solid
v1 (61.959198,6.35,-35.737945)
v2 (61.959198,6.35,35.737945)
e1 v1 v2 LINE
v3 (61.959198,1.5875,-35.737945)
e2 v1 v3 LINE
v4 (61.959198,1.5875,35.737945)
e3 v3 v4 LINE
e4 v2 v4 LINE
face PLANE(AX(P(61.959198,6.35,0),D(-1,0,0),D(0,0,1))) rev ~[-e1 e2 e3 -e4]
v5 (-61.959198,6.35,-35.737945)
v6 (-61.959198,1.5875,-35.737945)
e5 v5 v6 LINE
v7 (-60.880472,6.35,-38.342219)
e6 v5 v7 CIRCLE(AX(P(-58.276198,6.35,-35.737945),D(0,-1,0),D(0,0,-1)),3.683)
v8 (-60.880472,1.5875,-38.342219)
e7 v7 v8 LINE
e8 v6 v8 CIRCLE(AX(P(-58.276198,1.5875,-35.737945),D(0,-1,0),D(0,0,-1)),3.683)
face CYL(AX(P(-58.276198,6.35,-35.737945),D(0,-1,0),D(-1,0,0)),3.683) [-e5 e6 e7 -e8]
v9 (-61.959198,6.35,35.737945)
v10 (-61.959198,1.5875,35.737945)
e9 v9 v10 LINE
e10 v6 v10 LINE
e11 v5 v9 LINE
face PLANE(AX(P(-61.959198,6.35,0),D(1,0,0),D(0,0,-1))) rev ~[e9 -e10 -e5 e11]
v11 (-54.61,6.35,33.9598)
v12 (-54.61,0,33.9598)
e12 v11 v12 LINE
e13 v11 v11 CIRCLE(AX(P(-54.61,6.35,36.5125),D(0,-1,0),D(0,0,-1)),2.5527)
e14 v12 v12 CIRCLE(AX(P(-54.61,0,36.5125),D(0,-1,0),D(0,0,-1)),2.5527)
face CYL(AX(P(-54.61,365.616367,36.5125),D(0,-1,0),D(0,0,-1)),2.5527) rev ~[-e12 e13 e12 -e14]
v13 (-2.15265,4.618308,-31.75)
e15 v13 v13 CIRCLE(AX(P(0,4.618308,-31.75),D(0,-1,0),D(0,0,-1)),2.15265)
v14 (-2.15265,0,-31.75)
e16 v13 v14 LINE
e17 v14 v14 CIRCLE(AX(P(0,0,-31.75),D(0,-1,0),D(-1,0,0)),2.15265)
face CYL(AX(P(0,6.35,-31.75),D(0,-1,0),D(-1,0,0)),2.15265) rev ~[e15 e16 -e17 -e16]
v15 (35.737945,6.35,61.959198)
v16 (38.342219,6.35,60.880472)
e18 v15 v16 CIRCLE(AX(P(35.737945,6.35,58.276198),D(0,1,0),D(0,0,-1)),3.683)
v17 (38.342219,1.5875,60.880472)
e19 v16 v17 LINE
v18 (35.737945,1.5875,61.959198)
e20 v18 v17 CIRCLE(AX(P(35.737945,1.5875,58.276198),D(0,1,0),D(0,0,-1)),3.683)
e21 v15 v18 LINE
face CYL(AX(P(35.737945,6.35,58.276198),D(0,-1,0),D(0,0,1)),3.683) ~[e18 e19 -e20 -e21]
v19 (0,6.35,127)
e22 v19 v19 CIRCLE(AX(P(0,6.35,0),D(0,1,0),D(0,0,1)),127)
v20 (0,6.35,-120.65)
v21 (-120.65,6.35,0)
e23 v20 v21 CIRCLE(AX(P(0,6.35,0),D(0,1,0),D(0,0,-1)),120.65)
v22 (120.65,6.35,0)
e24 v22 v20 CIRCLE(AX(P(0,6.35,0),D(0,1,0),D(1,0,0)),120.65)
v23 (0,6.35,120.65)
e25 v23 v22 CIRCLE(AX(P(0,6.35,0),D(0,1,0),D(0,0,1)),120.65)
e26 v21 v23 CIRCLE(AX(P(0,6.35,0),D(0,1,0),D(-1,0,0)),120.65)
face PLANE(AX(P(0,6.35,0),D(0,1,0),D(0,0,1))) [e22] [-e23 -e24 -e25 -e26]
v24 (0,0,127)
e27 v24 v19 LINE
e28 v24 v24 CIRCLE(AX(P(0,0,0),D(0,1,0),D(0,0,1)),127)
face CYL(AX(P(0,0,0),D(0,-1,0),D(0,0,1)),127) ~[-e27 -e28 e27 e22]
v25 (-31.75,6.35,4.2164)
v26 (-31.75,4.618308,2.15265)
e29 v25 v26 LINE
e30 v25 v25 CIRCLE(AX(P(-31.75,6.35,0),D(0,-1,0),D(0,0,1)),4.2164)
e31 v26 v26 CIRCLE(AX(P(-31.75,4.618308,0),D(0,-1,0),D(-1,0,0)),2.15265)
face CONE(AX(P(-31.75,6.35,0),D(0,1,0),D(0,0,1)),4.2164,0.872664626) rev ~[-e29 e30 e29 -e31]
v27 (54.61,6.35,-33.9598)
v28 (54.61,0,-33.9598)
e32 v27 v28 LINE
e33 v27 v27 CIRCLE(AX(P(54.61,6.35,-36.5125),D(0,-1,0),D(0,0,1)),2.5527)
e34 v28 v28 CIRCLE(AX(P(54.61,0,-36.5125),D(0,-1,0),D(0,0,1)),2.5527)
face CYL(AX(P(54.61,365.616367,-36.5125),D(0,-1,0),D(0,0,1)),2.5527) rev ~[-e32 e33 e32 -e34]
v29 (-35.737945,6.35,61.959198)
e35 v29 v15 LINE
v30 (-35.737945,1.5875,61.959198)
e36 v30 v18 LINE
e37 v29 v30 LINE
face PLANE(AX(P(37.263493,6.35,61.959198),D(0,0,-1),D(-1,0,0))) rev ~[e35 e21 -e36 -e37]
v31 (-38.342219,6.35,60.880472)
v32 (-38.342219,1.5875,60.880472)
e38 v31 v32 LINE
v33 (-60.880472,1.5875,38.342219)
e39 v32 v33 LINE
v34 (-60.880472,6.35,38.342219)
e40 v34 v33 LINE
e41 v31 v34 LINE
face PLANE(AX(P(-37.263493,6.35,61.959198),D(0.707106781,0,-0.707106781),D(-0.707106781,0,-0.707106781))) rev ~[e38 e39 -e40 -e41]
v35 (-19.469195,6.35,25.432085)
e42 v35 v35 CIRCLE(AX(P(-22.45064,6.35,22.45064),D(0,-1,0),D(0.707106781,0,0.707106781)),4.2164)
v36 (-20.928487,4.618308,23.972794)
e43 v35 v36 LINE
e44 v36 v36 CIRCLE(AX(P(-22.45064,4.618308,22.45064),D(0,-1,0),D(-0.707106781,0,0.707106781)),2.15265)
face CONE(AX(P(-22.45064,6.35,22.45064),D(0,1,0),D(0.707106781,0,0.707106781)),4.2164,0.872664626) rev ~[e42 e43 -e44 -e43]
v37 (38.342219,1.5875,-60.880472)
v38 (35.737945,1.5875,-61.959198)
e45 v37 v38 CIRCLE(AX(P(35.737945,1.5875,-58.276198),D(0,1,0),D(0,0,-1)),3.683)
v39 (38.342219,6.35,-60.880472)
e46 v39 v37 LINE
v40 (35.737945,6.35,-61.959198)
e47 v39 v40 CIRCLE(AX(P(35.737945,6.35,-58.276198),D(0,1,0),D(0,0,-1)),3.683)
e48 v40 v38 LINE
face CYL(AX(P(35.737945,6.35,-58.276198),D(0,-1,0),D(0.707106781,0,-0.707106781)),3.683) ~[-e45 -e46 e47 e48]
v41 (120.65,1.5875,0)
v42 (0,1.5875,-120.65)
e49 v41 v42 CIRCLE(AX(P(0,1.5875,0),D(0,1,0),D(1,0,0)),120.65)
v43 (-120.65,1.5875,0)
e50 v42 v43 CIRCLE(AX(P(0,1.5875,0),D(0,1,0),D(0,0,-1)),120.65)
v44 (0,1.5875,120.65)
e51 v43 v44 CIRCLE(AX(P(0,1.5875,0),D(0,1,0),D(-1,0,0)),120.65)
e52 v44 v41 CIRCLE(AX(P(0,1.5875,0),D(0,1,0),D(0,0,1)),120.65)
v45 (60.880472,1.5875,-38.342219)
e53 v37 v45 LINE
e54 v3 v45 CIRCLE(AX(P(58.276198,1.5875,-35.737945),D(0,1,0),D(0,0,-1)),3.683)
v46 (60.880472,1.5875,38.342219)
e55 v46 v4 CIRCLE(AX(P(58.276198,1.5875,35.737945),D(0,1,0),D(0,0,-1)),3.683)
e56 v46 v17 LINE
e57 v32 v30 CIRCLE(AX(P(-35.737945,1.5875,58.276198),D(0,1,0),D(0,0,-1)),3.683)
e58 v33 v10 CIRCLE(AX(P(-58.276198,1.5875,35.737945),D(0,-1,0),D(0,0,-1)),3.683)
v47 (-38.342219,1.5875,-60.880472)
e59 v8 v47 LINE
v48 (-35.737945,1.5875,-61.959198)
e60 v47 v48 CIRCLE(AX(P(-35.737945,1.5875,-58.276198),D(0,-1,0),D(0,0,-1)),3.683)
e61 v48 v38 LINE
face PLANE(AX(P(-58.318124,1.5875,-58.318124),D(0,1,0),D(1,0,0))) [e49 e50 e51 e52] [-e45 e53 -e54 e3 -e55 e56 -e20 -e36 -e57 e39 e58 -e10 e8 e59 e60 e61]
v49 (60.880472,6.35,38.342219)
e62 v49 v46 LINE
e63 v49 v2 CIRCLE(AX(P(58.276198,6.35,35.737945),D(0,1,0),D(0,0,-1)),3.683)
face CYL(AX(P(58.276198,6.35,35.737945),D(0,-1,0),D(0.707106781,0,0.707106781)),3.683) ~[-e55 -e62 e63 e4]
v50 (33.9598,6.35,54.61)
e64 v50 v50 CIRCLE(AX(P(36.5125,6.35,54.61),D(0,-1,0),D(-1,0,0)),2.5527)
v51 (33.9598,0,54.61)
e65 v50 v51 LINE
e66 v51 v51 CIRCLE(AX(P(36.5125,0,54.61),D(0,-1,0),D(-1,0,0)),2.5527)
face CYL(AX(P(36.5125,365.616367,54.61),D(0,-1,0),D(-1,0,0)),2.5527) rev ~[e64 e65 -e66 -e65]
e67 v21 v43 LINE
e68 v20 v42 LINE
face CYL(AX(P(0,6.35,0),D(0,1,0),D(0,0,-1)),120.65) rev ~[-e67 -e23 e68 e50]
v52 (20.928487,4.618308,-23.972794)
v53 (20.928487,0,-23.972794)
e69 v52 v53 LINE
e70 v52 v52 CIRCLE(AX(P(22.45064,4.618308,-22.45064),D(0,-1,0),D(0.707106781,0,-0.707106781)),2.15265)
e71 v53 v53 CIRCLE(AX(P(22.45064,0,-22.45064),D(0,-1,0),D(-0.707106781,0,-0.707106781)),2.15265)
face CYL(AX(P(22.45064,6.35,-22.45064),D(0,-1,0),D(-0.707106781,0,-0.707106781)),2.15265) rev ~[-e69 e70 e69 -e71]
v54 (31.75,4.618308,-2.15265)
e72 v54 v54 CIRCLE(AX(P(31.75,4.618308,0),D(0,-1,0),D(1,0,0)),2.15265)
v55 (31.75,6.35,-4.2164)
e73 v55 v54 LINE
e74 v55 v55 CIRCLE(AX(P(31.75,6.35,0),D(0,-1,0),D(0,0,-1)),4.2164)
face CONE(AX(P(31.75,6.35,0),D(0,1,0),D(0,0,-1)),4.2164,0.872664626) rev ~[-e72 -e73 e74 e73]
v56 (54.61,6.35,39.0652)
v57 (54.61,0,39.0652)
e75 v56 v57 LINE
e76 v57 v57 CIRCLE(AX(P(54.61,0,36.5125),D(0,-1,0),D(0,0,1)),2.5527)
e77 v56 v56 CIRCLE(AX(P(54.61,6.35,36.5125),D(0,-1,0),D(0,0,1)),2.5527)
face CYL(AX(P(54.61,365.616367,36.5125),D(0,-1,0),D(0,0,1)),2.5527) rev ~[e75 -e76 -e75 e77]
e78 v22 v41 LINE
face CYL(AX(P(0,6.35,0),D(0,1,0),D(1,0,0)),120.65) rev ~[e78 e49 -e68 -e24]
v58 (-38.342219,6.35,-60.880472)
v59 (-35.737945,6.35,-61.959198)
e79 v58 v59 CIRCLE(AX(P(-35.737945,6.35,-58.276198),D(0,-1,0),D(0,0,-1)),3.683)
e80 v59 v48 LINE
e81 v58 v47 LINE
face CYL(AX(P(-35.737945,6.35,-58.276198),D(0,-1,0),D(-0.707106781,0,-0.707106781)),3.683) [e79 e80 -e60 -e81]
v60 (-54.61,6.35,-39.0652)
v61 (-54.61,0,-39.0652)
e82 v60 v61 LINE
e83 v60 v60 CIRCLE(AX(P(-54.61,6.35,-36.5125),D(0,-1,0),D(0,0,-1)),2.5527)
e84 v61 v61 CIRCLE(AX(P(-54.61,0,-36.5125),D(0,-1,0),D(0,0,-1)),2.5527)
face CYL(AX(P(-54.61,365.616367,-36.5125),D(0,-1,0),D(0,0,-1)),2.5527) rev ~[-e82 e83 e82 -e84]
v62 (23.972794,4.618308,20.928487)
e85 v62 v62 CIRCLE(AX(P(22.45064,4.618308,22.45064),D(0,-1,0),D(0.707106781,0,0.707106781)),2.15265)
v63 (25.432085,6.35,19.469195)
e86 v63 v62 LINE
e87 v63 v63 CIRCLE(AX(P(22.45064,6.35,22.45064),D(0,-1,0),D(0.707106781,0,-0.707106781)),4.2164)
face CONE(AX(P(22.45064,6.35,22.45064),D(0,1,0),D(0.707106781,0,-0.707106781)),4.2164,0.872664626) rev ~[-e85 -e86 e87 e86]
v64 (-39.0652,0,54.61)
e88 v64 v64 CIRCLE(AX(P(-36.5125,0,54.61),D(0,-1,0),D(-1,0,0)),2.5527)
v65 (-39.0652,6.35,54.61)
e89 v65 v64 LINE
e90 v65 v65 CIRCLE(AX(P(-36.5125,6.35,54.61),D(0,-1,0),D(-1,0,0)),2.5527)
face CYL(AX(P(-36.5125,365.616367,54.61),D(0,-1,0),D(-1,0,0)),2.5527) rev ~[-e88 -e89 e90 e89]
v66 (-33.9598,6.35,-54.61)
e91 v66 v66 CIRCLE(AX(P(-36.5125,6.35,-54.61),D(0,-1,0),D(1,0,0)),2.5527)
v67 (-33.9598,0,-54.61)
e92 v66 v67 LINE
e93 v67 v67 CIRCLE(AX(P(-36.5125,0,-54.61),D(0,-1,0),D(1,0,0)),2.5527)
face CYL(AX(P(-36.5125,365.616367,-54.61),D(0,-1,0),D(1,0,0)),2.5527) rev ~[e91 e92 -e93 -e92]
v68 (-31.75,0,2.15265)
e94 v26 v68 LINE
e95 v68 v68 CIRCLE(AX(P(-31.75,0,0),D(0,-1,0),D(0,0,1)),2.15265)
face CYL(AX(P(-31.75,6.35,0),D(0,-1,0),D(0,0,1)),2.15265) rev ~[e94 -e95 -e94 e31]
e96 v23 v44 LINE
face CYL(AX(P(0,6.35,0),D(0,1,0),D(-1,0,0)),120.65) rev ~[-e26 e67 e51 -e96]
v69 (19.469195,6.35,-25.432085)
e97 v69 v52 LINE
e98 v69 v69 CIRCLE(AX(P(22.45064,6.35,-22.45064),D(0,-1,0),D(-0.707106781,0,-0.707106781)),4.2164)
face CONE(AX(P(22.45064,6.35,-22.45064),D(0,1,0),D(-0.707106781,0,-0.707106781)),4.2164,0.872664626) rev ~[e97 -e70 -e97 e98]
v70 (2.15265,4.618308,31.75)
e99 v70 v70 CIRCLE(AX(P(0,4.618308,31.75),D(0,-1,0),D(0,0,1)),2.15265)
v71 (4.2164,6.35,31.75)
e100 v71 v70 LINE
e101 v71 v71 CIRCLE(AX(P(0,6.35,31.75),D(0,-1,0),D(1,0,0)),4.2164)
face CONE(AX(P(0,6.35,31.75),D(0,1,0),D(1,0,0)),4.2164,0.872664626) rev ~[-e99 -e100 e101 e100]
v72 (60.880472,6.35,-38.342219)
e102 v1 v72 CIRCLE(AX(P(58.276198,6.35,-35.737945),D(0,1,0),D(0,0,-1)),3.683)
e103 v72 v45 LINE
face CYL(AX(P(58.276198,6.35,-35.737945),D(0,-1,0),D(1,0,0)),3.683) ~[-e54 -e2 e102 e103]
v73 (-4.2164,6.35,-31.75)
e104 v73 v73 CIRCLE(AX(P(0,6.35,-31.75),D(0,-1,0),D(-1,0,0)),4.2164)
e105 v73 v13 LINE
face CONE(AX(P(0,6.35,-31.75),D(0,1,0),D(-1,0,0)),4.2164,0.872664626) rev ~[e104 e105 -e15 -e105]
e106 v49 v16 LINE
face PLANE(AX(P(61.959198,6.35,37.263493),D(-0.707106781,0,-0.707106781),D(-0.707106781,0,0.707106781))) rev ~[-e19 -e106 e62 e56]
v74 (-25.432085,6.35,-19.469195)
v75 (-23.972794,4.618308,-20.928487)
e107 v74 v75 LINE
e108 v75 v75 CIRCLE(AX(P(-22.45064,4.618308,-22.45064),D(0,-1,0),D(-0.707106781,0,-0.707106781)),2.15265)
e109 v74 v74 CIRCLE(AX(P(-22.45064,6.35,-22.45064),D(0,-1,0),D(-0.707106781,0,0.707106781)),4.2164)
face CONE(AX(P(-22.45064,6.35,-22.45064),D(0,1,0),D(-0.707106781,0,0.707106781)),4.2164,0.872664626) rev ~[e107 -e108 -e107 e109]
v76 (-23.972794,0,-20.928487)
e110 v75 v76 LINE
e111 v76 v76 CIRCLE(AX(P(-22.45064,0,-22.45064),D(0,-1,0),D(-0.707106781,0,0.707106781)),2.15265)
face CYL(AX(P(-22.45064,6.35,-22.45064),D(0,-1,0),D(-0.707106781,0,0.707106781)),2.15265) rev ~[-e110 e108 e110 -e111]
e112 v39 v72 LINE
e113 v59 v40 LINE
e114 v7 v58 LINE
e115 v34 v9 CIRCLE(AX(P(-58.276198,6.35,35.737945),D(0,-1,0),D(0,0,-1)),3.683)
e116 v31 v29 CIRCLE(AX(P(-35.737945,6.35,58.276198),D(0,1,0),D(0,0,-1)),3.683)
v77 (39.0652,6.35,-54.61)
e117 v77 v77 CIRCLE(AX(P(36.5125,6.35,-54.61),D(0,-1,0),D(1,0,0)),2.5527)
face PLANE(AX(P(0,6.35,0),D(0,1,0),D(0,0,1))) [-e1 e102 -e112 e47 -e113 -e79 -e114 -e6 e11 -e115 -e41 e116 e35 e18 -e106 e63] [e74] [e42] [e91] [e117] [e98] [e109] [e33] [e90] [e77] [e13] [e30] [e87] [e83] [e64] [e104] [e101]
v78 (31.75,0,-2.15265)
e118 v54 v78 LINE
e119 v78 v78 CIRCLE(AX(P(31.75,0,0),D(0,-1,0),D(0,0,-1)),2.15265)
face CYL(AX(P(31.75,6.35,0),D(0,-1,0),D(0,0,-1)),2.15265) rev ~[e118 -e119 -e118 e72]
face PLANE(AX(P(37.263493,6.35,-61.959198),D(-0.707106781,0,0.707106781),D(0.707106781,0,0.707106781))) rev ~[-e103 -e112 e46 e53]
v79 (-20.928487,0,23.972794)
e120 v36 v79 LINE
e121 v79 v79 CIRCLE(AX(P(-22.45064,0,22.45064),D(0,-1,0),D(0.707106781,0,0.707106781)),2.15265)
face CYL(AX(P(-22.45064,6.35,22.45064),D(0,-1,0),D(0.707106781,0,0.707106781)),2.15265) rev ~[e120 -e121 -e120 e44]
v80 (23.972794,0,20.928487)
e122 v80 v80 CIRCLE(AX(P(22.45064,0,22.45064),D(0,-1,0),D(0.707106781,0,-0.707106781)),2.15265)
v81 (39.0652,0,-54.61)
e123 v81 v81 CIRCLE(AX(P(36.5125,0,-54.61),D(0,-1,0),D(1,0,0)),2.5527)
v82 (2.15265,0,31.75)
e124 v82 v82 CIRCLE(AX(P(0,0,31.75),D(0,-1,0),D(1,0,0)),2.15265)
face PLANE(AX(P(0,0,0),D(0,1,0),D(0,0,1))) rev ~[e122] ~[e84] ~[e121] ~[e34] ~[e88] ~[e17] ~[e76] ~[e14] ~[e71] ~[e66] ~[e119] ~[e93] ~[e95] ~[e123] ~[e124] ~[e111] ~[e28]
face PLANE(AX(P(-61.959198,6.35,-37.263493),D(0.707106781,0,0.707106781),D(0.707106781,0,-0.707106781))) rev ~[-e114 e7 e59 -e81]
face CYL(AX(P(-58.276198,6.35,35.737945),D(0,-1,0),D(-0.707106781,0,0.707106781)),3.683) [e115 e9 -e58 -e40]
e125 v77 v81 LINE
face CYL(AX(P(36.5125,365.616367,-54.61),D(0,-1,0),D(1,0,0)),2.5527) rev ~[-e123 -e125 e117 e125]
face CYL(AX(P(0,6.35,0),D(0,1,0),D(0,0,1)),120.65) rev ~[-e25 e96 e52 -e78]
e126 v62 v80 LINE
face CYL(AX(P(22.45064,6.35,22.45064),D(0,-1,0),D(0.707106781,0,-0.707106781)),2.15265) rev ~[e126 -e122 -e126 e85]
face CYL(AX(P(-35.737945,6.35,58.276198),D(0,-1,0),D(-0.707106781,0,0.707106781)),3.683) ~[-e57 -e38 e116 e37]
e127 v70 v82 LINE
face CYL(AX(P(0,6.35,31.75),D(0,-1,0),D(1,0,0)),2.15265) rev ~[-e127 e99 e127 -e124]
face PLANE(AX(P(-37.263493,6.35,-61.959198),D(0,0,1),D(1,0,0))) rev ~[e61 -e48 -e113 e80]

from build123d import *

# Parameters (mm, degrees)
SKETCH1_R                                         = 127
BOSS_EXTRUDE1_DEPTH                               = 6.35
F_7_0_201_DIAMETER_HOLE1_D                        = 5.1054
CIRPATTERN1_COUNT                                 = 4
CSK_FOR_8_FLAT_HEAD_MACHINE_SCREW_100_D           = 4.3053
CSK_FOR_8_FLAT_HEAD_MACHINE_SCREW_100_CSINK_D     = 8.4328
CSK_FOR_8_FLAT_HEAD_MACHINE_SCREW_100_CSINK_ANGLE = 100
CIRPATTERN2_COUNT                                 = 8
CUT_EXTRUDE1_DEPTH                                = 4.7625
FILLET1_R                                         = 3.683
CIRPATTERN3_COUNT                                 = 4
FILLET1_OF_CIRPATTERN3_R                          = 3.683


with BuildPart() as part:
    # Sketch1 → Boss-Extrude1 (new body)
    with BuildSketch(Plane(origin=(0, 0, 0), x_dir=(1, 0, 0), z_dir=(0, 1, 0))):
        with Locations(Location((0, 0, 0), (0, 0, 270))):  # turned: the seam where the file's is
            Circle(SKETCH1_R)
    extrude(amount=BOSS_EXTRUDE1_DEPTH)

    # 7 _0.201_ Diameter Hole1 (through all)
    with Locations(Plane(origin=(0, 6.35, 0), x_dir=(-1, 0, 0), z_dir=(0, 1, 0))):
        with Locations((36.5125, -54.61), (-36.5125, -54.61)):
            f_7_0_201_diameter_hole1 = Hole(F_7_0_201_DIAMETER_HOLE1_D / 2)

    # CirPattern1: 7 _0.201_ Diameter Hole1 ×4 about axis
    cirpattern1_axis = Axis((0, 0, 0), (0, 1, 0))
    for i in range(1, CIRPATTERN1_COUNT):
        add(f_7_0_201_diameter_hole1.rotate(cirpattern1_axis, i * 360 / CIRPATTERN1_COUNT), mode=Mode.SUBTRACT)

    # CSK for _8 Flat Head Machine Screw _100 (through all)
    with Locations(Plane(origin=(0, 6.35, 0), x_dir=(-1, 0, 0), z_dir=(0, 1, 0))):
        with Locations((0, 31.75)):
            csk_for_8_flat_head_machine_screw_100 = CounterSinkHole(CSK_FOR_8_FLAT_HEAD_MACHINE_SCREW_100_D / 2, CSK_FOR_8_FLAT_HEAD_MACHINE_SCREW_100_CSINK_D / 2, counter_sink_angle=CSK_FOR_8_FLAT_HEAD_MACHINE_SCREW_100_CSINK_ANGLE)

    # CirPattern2: CSK for _8 Flat Head Machine Screw _100 ×8 about axis
    cirpattern2_axis = Axis((0, 0, 0), (0, 1, 0))
    for i in range(1, CIRPATTERN2_COUNT):
        add(csk_for_8_flat_head_machine_screw_100.rotate(cirpattern2_axis, i * 360 / CIRPATTERN2_COUNT), mode=Mode.SUBTRACT)

    # Sketch6 → Cut-Extrude1 (cut)
    with BuildSketch(Plane(origin=(0, 6.35, 0), x_dir=(1, 0, 0), z_dir=(0, 1, 0))):
        with BuildLine():
            Line((-61.959197677, 0), (-61.959197677, 37.263493344))
            Line((-61.959197677, 37.263493344), (-37.263493344, 61.959197677))
            Line((-37.263493344, 61.959197677), (0, 61.959197677))
            Line((0, 61.959197677), (0, 120.65))
            ThreePointArc((0, 120.65), (-85.31243315, 85.31243315), (-120.65, 0))
            Line((-120.65, 0), (-61.959197677, 0))
        make_face()
    cut_extrude1 = extrude(amount=-CUT_EXTRUDE1_DEPTH, mode=Mode.SUBTRACT)

    # Fillet1
    fillet1_edges = [part.edges().sort_by_distance(p)[0] for p in [
        (-37.263493344, 3.96875, -61.959197677),
        (-61.959197677, 3.96875, -37.263493344),
    ]]
    fillet(fillet1_edges, radius=FILLET1_R)

    # CirPattern3: Cut-Extrude1 ×4 about axis
    cirpattern3_axis = Axis((0, 0, 0), (0, 1, 0))
    for i in range(1, CIRPATTERN3_COUNT):
        add(cut_extrude1.rotate(cirpattern3_axis, i * 360 / CIRPATTERN3_COUNT), mode=Mode.SUBTRACT)

    # Fillet1 of CirPattern3
    fillet1_of_cirpattern3_edges = [part.edges().sort_by_distance(p)[0] for p in [
        (-61.959197677, 3.96875, 37.263493344),
        (-37.263493344, 3.96875, 61.959197677),
        (37.263493344, 3.96875, 61.959197677),
        (61.959197677, 3.96875, 37.263493344),
        (61.959197677, 3.96875, -37.263493344),
        (37.263493344, 3.96875, -61.959197677),
    ]]
    fillet(fillet1_of_cirpattern3_edges, radius=FILLET1_OF_CIRPATTERN3_R)


solid = part.part
